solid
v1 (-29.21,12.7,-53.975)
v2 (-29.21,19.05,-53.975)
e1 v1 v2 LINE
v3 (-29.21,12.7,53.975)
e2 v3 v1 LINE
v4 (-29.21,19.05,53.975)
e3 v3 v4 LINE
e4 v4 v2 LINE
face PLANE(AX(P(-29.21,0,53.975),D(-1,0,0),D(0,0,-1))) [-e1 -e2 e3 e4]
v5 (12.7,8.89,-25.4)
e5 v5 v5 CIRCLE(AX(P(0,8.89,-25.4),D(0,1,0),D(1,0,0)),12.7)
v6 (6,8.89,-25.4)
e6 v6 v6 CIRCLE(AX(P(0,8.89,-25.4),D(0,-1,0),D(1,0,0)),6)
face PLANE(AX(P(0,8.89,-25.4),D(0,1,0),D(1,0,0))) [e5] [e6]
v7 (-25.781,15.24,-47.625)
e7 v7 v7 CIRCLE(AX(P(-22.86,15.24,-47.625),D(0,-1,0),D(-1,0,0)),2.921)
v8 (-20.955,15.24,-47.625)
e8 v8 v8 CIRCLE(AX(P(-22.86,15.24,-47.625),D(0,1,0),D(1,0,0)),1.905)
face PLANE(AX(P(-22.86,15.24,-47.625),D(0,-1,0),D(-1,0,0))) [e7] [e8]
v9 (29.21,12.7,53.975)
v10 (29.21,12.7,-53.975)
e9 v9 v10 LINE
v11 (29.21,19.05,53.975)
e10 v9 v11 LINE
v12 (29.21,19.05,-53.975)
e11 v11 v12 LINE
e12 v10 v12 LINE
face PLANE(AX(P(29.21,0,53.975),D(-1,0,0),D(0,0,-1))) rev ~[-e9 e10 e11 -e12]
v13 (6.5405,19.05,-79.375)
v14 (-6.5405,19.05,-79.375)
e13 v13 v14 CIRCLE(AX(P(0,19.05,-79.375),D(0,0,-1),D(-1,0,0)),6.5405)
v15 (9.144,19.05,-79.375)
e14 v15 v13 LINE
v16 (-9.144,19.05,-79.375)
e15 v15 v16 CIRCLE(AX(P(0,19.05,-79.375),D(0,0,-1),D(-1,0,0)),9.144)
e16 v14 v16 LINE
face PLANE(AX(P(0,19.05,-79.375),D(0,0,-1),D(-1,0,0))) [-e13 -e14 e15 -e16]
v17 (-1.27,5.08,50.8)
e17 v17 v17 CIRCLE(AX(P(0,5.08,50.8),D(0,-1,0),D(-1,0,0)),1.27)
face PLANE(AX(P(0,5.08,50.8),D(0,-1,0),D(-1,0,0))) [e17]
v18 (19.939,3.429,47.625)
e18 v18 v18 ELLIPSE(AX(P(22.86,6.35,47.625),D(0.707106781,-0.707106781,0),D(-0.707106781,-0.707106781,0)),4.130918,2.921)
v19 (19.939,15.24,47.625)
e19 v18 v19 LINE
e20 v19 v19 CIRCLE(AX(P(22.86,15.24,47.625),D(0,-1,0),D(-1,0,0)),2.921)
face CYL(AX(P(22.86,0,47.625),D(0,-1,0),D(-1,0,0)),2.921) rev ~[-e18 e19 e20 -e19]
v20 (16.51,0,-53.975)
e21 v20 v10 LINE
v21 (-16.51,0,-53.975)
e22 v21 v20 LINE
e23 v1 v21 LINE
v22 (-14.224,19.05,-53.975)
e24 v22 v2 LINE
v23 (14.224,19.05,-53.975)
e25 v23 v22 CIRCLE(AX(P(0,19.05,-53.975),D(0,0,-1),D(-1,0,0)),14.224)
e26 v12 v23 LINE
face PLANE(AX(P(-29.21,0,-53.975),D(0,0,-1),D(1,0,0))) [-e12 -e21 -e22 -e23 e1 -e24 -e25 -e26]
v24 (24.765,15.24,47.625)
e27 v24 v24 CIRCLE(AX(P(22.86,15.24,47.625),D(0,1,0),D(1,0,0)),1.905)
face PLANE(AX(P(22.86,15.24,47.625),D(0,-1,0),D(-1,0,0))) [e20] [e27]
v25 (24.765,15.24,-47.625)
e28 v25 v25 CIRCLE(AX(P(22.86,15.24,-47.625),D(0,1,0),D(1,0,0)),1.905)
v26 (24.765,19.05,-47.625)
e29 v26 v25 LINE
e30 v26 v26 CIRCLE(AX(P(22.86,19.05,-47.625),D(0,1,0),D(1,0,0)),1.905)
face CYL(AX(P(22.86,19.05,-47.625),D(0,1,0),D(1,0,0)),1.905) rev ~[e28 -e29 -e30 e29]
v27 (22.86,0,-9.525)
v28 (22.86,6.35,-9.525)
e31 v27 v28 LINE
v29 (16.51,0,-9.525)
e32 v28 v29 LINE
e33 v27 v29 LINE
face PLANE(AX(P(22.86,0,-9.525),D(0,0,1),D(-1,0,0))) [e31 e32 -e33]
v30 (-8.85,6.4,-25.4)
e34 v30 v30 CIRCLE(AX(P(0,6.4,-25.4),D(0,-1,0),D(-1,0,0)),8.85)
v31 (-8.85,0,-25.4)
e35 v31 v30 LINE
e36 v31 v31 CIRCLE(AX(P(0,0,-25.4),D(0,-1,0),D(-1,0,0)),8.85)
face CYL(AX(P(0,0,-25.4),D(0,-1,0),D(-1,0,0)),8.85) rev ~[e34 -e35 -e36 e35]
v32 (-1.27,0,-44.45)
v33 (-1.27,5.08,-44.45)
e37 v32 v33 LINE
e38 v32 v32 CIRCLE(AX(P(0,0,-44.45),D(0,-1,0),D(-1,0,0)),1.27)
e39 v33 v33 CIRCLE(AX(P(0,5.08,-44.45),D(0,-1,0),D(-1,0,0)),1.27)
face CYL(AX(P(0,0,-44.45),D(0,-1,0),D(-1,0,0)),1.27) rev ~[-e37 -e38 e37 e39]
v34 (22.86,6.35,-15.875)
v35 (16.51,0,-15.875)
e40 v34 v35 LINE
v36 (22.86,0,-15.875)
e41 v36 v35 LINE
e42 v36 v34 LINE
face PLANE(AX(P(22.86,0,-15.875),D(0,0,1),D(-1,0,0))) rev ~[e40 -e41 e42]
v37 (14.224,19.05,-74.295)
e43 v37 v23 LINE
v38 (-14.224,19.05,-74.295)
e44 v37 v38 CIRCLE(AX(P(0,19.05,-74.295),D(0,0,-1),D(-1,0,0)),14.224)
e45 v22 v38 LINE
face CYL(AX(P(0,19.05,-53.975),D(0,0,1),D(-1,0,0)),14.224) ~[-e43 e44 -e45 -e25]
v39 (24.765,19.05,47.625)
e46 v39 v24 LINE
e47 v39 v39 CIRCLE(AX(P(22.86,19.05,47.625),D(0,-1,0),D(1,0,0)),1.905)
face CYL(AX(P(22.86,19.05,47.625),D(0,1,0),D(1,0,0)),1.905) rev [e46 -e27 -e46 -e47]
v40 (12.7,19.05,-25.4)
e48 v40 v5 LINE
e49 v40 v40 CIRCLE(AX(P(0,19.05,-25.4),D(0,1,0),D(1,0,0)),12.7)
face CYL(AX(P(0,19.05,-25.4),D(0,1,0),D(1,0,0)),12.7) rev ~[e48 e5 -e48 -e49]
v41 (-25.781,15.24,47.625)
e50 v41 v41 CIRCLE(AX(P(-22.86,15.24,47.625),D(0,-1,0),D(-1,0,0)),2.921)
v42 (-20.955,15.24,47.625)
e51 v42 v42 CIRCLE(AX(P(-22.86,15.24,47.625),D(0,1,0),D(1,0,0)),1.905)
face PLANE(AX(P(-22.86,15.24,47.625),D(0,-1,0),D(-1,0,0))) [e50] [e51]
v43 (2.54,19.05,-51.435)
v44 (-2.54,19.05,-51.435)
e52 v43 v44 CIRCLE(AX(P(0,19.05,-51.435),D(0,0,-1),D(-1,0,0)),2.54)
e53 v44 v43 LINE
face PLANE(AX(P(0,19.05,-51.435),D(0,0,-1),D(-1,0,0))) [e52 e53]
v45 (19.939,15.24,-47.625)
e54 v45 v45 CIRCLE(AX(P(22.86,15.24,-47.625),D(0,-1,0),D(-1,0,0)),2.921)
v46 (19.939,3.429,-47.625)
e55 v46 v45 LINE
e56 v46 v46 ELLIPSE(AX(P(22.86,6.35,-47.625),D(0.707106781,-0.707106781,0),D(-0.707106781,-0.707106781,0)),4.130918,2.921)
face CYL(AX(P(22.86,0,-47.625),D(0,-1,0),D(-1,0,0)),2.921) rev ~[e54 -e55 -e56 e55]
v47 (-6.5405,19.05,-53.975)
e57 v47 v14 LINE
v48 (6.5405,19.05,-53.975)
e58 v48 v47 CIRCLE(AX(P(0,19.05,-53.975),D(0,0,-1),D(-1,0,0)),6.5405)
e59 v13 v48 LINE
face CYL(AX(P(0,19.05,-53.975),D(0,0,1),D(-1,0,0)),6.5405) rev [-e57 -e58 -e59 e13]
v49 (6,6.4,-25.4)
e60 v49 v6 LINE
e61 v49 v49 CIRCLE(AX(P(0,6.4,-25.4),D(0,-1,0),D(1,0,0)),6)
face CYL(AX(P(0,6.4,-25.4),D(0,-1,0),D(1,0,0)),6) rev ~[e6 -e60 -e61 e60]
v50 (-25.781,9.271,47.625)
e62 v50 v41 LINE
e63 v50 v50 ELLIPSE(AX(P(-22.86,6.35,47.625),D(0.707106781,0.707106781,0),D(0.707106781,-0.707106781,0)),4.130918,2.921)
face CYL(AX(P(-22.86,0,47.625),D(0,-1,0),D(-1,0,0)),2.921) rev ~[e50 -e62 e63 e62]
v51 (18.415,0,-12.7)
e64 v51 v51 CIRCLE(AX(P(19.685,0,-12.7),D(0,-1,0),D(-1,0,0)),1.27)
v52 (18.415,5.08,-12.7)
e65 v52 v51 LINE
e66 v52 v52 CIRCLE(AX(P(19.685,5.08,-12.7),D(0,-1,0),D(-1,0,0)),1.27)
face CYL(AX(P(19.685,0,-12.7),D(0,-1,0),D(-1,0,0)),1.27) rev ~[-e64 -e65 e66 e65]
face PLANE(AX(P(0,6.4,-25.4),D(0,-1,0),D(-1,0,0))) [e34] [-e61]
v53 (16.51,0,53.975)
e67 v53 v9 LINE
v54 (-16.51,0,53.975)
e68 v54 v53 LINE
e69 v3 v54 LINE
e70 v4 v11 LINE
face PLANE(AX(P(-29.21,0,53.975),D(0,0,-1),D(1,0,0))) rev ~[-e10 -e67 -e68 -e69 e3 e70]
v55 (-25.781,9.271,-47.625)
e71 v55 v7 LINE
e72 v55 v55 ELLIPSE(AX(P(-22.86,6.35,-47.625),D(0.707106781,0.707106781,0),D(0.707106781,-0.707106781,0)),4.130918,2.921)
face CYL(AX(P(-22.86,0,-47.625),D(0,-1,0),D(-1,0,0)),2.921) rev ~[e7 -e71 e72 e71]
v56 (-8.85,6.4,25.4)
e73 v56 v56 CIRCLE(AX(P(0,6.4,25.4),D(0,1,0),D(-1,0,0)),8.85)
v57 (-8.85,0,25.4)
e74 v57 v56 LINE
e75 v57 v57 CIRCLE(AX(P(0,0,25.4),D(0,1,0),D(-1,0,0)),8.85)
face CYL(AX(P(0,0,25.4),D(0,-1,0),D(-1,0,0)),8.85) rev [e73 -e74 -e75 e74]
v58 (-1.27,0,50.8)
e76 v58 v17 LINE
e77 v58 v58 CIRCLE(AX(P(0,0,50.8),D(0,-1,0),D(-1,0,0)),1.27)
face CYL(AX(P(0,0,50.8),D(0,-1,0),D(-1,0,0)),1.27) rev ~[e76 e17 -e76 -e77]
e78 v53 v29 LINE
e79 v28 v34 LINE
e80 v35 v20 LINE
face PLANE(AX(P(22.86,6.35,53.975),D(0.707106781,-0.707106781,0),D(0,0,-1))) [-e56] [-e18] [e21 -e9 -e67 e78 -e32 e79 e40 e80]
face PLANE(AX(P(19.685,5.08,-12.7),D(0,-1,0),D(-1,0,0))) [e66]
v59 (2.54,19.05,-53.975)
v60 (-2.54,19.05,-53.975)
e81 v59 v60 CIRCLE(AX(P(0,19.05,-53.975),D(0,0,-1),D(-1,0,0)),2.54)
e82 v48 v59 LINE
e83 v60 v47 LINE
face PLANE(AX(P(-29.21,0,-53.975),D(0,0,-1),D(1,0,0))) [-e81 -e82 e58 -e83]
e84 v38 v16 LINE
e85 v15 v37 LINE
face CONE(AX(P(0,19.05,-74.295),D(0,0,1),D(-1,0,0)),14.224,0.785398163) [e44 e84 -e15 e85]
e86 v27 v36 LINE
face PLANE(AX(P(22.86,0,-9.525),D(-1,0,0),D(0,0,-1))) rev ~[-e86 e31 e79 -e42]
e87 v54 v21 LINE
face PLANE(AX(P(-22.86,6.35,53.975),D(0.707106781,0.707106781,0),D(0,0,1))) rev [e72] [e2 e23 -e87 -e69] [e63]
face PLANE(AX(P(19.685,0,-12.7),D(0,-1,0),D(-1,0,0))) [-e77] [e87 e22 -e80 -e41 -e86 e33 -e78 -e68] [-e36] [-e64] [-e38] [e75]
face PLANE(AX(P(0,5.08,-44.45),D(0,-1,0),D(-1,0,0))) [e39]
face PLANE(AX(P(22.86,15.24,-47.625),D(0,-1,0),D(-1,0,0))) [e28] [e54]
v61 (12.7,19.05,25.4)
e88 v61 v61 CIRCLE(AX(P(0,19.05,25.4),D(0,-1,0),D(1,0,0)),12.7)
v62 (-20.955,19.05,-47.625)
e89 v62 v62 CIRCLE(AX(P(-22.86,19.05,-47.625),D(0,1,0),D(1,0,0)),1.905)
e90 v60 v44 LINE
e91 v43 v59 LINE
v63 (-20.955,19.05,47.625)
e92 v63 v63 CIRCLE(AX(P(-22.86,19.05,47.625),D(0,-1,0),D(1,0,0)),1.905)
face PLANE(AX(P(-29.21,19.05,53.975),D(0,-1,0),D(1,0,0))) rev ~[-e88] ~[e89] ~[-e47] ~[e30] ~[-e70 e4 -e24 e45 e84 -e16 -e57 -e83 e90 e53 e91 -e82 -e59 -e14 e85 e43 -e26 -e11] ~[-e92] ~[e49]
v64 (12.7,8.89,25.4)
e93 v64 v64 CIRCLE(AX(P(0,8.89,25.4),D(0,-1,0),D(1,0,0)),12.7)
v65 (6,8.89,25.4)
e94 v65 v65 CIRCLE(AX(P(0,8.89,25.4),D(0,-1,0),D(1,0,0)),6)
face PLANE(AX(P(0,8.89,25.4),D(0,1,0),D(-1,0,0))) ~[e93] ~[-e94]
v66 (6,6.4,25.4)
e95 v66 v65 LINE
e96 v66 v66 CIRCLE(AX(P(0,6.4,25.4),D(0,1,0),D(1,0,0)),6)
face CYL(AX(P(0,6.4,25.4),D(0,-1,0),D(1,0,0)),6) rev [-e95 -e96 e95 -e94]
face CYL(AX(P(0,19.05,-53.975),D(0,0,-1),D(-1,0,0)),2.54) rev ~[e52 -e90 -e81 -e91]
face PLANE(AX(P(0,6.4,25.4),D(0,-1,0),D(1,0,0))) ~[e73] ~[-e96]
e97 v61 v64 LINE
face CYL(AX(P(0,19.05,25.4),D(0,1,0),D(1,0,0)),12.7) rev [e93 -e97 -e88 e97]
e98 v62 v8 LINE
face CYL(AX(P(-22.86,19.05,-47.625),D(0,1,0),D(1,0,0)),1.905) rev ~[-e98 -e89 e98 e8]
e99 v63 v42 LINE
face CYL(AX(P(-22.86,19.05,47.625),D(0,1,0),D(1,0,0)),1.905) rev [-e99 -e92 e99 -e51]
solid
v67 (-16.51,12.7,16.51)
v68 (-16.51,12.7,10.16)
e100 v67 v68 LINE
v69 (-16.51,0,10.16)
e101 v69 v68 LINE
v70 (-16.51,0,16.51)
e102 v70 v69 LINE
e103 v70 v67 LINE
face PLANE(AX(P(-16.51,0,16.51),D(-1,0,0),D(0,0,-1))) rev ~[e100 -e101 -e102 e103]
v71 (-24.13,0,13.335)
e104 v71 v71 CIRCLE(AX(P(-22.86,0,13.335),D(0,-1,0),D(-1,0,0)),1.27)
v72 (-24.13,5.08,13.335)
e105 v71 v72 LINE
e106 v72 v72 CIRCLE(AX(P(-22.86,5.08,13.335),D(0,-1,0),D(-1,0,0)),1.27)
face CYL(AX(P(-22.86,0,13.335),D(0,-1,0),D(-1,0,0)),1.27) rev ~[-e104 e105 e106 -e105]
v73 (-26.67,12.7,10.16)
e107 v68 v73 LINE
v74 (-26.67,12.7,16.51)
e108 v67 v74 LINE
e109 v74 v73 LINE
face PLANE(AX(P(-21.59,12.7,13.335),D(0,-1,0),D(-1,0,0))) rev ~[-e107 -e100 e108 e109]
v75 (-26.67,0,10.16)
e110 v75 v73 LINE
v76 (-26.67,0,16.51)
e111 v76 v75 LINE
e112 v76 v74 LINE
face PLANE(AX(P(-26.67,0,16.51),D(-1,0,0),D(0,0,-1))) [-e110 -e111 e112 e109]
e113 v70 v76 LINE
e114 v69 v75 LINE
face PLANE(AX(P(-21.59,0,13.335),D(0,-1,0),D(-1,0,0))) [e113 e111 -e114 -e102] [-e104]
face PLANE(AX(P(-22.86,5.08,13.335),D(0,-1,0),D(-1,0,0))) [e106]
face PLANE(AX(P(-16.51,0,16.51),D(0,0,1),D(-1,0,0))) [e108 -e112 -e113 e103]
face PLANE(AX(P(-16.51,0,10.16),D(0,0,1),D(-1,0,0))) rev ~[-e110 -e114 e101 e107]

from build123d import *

# Parameters (mm, degrees)
SKETCH1_W           = 58.42
SKETCH1_H           = 107.95
BOSS_EXTRUDE1_DEPTH = 38.1
CHAMFER1_SIZE       = 12.7
CHAMFER2_SIZE       = 12.7
SKETCH2_R           = 14.224
SKETCH2_R_2         = 6.5405
BOSS_EXTRUDE2_DEPTH = 25.4
CHAMFER3_SIZE       = 5.08
SKETCH3_W           = 58.42
SKETCH3_H           = 22.12413995
CUT_EXTRUDE1_DEPTH  = 152.4
SKETCH4_R           = 8.85
CUT_EXTRUDE2_DEPTH  = 6.4
SKETCH5_R           = 6
CUT_EXTRUDE3_DEPTH  = 17.16
SKETCH6_R           = 12.7
CUT_EXTRUDE4_DEPTH  = 10.16
SKETCH7_R           = 2.54
CUT_EXTRUDE5_DEPTH  = 2.54
SKETCH9_R           = 1.27
CUT_EXTRUDE7_DEPTH  = 5.08
SKETCH10_W          = 6.35
SKETCH10_H          = 6.35
SKETCH10_R          = 1.27
BOSS_EXTRUDE3_DEPTH = 7.62
SKETCH11_R          = 1.27
CUT_EXTRUDE8_DEPTH  = 5.08
SKETCH12_W          = 10.16
SKETCH12_H          = 6.35
BOSS_EXTRUDE4_DEPTH = 12.7
SKETCH13_R          = 1.27
CUT_EXTRUDE9_DEPTH  = 5.08
SKETCH14_R          = 1.905
CUT_EXTRUDE10_DEPTH = 40.64
SKETCH15_R          = 2.921
CUT_EXTRUDE11_DEPTH = 15.24


with BuildPart() as part:
    # Sketch1 → Boss-Extrude1 (new body)
    with BuildSketch(Plane(origin=(0, 0, 0), x_dir=(1, 0, 0), z_dir=(0, 1, 0))):
        Rectangle(SKETCH1_W, SKETCH1_H)
    extrude(amount=BOSS_EXTRUDE1_DEPTH)

    # Chamfer1
    chamfer1_edges = [part.edges().sort_by_distance(p)[0] for p in [
        (-29.21, 38.1, 0),
    ]]
    chamfer(chamfer1_edges, length=CHAMFER1_SIZE)

    # Chamfer2
    chamfer2_edges = [part.edges().sort_by_distance(p)[0] for p in [
        (29.21, 38.1, 0),
        (-29.21, 0, 0),
        (29.21, 0, 0),
    ]]
    chamfer(chamfer2_edges, length=CHAMFER2_SIZE)

    # Sketch2 → Boss-Extrude2 (add)
    with BuildSketch(Plane(origin=(0, 0, -53.975), x_dir=(-1, 0, 0), z_dir=(0, 0, -1))):
        with Locations((0, 19.05)):
            Circle(SKETCH2_R)
        with Locations((0, 19.05)):
            Circle(SKETCH2_R_2, mode=Mode.SUBTRACT)
    extrude(amount=BOSS_EXTRUDE2_DEPTH)

    # Chamfer3
    chamfer3_edges = [part.edges().sort_by_distance(p)[0] for p in [
        (14.224, 19.05, -79.375),
    ]]
    chamfer(chamfer3_edges, length=CHAMFER3_SIZE)

    # Sketch3 → Cut-Extrude1 (cut)
    with BuildSketch(Plane.XY.offset(53.975)):
        with Locations((0, 30.112069975)):
            Rectangle(SKETCH3_W, SKETCH3_H)
    cut_extrude1 = extrude(amount=-CUT_EXTRUDE1_DEPTH, mode=Mode.SUBTRACT)

    # Sketch4 → Cut-Extrude2 (cut)
    with BuildSketch(Plane(origin=(0, 0, 0), x_dir=(-1, 0, 0), z_dir=(0, -1, 0))):
        with Locations((0, 25.4)):
            Circle(SKETCH4_R)
    cut_extrude2 = extrude(amount=-CUT_EXTRUDE2_DEPTH, mode=Mode.SUBTRACT)

    # Sketch5 → Cut-Extrude3 (cut)
    with BuildSketch(Plane.XZ.offset(-6.4)):
        with Locations((0, -25.4)):
            Circle(SKETCH5_R)
    cut_extrude3 = extrude(amount=-CUT_EXTRUDE3_DEPTH, mode=Mode.SUBTRACT)

    # Sketch6 → Cut-Extrude4 (cut)
    with BuildSketch(Plane(origin=(0, 19.05, 0), x_dir=(1, 0, 0), z_dir=(0, 1, 0))):
        with Locations((0, 25.4)):
            Circle(SKETCH6_R)
    cut_extrude4 = extrude(amount=-CUT_EXTRUDE4_DEPTH, mode=Mode.SUBTRACT)

    # Mirror1: Cut-Extrude1, Cut-Extrude2, Cut-Extrude3, Cut-Extrude4 across plane
    add(cut_extrude1.mirror(Plane.XY), mode=Mode.SUBTRACT)
    add(cut_extrude2.mirror(Plane.XY), mode=Mode.SUBTRACT)
    add(cut_extrude3.mirror(Plane.XY), mode=Mode.SUBTRACT)
    add(cut_extrude4.mirror(Plane.XY), mode=Mode.SUBTRACT)

    # Sketch7 → Cut-Extrude5 (cut)
    with BuildSketch(Plane(origin=(0, 0, -53.975), x_dir=(-1, 0, 0), z_dir=(0, 0, -1))):
        with Locations((0, 19.05)):
            Circle(SKETCH7_R)
    extrude(amount=-CUT_EXTRUDE5_DEPTH, mode=Mode.SUBTRACT)

    # Sketch9 → Cut-Extrude7 (cut)
    with BuildSketch(Plane(origin=(0, 0, 0), x_dir=(-1, 0, 0), z_dir=(0, -1, 0))):
        with Locations((0, 44.45)):
            Circle(SKETCH9_R)
        with Locations((0, -50.8)):
            Circle(SKETCH9_R)
    extrude(amount=-CUT_EXTRUDE7_DEPTH, mode=Mode.SUBTRACT)

    # Sketch10 → Boss-Extrude3 (add)
    with BuildSketch(Plane(origin=(0, 0, 0), x_dir=(-1, 0, 0), z_dir=(0, -1, 0))):
        with Locations((-19.685, 12.7)):
            Rectangle(SKETCH10_W, SKETCH10_H)
        with Locations((-19.685, 12.7)):
            Circle(SKETCH10_R, mode=Mode.SUBTRACT)
    extrude(amount=-BOSS_EXTRUDE3_DEPTH)

    # Sketch11 → Cut-Extrude8 (cut)
    with BuildSketch(Plane(origin=(0, 0, 0), x_dir=(-1, 0, 0), z_dir=(0, -1, 0))):
        with Locations((-19.685, 12.7)):
            Circle(SKETCH11_R)
    extrude(amount=-CUT_EXTRUDE8_DEPTH, mode=Mode.SUBTRACT)

    # Sketch14 → Cut-Extrude10 (cut)
    with BuildSketch(Plane(origin=(0, 19.05, 0), x_dir=(1, 0, 0), z_dir=(0, 1, 0))):
        with Locations((22.86, 47.625)):
            Circle(SKETCH14_R)
        with Locations((-22.86, 47.625)):
            Circle(SKETCH14_R)
    cut_extrude10 = extrude(amount=-CUT_EXTRUDE10_DEPTH, mode=Mode.SUBTRACT)

    # Mirror2: Cut-Extrude10 across plane
    add(cut_extrude10.mirror(Plane.XY), mode=Mode.SUBTRACT)

    # Sketch15 → Cut-Extrude11 (cut)
    with BuildSketch(Plane(origin=(0, 0, 0), x_dir=(-1, 0, 0), z_dir=(0, -1, 0))):
        with Locations((22.86, 47.625)):
            Circle(SKETCH15_R)
        with Locations((-22.86, 47.625)):
            Circle(SKETCH15_R)
        with Locations((-22.86, -47.625)):
            Circle(SKETCH15_R)
        with Locations((22.86, -47.625)):
            Circle(SKETCH15_R)
    extrude(amount=-CUT_EXTRUDE11_DEPTH, mode=Mode.SUBTRACT)


with BuildPart() as body_2:
    # Sketch12 → Boss-Extrude4 (new body)
    with BuildSketch(Plane(origin=(0, 0, 0), x_dir=(-1, 0, 0), z_dir=(0, -1, 0))):
        with Locations((21.59, -13.335)):
            Rectangle(SKETCH12_W, SKETCH12_H)
    extrude(amount=-BOSS_EXTRUDE4_DEPTH)

    # Sketch13 → Cut-Extrude9 (cut)
    with BuildSketch(Plane(origin=(0, 0, 0), x_dir=(-1, 0, 0), z_dir=(0, -1, 0))):
        with Locations((22.86, -13.335)):
            Circle(SKETCH13_R)
    extrude(amount=-CUT_EXTRUDE9_DEPTH, mode=Mode.SUBTRACT)


solid = Compound([part.part, body_2.part])
